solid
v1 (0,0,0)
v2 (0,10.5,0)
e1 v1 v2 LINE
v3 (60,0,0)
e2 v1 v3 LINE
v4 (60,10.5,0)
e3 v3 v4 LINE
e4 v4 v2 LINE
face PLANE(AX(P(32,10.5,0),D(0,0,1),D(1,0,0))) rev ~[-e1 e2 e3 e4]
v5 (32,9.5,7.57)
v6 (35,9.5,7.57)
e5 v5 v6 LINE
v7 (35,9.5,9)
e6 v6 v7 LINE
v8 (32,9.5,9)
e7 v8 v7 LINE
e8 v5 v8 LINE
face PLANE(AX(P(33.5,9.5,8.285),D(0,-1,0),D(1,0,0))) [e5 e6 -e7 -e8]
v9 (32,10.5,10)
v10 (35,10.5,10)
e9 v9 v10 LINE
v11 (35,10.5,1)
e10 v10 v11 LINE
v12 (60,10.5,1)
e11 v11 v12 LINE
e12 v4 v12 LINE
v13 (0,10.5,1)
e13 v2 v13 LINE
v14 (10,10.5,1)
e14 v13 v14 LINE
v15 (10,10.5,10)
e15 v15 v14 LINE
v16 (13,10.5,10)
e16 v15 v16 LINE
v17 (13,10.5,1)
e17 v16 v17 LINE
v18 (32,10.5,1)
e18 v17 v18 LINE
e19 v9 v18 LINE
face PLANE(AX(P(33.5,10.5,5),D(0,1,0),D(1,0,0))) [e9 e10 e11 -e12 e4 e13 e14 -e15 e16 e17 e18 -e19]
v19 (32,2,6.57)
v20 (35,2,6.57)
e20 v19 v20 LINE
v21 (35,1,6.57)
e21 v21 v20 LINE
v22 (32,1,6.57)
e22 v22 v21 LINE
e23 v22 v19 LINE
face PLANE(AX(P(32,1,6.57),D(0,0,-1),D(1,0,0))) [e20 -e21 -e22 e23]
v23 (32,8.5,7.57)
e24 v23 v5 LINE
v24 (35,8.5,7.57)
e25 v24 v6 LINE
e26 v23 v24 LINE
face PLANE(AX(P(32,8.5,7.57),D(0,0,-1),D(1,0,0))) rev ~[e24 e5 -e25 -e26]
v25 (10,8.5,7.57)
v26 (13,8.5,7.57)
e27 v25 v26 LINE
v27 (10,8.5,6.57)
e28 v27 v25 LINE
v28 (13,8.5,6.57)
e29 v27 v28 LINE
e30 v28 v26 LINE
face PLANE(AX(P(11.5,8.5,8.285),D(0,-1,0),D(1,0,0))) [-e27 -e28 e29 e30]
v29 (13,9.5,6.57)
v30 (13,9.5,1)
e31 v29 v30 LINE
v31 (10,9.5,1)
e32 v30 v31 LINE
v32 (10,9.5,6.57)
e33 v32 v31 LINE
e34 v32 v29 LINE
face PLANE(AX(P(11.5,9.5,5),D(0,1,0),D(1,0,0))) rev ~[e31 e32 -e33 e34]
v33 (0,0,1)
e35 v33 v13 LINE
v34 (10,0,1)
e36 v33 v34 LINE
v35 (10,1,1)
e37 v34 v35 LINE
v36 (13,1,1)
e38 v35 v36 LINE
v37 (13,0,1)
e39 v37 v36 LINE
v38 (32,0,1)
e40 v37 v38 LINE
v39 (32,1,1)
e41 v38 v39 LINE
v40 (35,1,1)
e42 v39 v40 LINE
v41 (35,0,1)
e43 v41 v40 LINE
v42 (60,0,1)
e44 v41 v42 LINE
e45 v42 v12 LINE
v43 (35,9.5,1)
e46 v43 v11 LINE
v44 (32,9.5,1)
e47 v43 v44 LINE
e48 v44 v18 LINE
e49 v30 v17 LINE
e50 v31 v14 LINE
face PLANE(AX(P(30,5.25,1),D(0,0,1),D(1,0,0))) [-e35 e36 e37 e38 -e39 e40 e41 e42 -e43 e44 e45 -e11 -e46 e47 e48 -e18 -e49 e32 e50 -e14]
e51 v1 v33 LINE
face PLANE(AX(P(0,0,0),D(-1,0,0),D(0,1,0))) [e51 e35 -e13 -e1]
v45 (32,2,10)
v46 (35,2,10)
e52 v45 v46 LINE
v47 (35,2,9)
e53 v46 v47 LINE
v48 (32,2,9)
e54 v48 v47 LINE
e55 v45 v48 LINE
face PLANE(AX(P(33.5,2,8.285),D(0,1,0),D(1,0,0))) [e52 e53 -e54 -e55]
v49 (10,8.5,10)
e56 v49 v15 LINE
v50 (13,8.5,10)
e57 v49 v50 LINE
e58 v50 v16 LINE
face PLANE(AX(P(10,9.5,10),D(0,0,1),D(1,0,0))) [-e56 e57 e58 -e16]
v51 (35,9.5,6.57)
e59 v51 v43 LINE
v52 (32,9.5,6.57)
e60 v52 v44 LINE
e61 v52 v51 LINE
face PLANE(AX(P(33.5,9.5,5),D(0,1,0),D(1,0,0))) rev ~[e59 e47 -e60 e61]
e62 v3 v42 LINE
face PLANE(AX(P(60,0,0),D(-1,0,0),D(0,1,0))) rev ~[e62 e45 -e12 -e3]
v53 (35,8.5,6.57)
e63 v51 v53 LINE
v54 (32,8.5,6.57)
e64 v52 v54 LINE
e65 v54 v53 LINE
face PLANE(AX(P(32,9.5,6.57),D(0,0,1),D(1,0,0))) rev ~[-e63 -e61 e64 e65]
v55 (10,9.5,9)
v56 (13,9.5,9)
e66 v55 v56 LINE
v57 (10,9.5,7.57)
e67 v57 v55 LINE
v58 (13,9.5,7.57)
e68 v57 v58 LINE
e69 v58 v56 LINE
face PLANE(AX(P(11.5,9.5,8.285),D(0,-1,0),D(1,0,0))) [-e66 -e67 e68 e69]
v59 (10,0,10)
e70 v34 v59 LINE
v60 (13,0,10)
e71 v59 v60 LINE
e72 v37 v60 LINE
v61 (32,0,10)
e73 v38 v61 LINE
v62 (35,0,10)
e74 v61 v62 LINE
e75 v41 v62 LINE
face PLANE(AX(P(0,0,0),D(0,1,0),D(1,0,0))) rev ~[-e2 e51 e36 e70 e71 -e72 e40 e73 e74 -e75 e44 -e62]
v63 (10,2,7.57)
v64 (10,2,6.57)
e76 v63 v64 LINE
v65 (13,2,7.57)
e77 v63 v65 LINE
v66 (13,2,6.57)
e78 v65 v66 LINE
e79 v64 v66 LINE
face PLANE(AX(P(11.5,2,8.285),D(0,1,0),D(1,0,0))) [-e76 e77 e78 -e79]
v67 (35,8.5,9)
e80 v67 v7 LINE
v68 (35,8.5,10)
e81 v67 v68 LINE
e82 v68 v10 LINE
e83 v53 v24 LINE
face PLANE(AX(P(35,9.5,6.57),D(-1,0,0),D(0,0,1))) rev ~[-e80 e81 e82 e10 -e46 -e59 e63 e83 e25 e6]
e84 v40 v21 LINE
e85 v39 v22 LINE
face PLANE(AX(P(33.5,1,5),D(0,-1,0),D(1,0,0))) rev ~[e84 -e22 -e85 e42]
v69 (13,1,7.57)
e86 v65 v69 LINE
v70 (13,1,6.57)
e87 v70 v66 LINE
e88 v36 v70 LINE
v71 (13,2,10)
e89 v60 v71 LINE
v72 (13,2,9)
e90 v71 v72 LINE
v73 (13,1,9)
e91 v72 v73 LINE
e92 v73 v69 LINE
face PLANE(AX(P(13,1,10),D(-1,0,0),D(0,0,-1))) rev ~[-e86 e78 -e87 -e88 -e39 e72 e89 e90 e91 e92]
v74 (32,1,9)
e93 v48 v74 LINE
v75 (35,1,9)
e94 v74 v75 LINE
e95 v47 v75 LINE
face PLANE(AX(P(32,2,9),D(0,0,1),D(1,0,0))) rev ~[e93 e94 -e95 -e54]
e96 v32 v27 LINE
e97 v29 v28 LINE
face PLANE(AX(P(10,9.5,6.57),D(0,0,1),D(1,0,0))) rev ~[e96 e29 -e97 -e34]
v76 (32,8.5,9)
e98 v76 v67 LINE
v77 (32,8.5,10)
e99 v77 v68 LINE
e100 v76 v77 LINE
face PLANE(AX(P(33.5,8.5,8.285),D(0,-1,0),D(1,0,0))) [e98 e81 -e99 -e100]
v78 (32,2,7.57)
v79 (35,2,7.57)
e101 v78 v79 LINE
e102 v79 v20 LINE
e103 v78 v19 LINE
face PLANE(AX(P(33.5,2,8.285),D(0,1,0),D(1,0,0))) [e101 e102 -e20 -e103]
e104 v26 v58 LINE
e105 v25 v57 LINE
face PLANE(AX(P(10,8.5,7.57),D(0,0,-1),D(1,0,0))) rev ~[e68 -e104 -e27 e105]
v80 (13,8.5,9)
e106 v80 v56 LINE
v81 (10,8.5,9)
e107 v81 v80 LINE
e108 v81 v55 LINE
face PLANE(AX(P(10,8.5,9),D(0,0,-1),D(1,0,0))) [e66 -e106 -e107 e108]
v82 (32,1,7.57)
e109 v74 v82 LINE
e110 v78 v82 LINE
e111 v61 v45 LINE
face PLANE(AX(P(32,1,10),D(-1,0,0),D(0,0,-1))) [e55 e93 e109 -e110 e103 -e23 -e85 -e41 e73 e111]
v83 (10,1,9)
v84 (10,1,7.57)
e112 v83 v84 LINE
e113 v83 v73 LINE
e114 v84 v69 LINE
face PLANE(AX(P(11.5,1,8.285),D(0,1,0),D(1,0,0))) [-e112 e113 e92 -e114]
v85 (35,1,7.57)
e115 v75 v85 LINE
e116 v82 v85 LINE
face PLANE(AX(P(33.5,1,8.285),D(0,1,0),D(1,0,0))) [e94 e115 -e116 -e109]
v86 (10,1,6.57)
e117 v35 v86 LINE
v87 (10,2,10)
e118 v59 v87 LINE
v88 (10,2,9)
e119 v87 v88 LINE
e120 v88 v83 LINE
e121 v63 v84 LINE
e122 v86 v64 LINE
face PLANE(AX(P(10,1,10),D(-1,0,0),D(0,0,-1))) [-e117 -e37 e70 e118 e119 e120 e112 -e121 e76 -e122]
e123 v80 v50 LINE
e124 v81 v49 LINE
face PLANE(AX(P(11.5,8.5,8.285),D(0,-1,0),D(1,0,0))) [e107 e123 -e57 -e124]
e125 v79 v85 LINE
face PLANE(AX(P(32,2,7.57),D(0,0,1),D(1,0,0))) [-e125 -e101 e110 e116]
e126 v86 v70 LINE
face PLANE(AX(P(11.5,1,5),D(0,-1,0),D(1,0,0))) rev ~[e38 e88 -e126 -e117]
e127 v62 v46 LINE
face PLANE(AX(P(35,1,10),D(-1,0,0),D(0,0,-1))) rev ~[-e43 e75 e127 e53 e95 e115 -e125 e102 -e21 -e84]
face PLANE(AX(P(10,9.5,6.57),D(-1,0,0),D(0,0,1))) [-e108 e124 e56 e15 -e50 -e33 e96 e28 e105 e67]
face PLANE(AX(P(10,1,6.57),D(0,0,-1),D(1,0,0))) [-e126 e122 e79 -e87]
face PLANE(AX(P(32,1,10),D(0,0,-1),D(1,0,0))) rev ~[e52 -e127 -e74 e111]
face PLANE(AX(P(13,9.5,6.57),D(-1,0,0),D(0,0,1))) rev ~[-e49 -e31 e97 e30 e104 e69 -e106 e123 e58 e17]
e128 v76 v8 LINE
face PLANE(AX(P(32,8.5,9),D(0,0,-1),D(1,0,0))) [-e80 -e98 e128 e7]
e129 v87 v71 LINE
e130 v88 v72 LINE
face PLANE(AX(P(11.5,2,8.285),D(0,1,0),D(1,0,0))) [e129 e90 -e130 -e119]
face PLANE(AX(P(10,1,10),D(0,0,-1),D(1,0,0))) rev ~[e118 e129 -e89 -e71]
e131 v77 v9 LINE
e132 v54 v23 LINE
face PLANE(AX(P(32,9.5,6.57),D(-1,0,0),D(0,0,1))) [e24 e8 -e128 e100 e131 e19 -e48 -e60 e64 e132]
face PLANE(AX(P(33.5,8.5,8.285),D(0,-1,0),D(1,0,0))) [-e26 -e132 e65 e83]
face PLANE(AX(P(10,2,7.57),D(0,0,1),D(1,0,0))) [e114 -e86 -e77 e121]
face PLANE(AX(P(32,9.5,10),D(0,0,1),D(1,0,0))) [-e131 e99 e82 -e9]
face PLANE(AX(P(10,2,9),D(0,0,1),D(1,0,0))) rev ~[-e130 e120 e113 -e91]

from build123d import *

# Parameters (mm, degrees)
SKETCH1_W           = 60
SKETCH1_H           = 10.5
BOSS_EXTRUDE1_DEPTH = 1
SKETCH2_W           = 3
SKETCH2_H           = 10
BOSS_EXTRUDE2_DEPTH = 1
SKETCH3_W           = 3
SKETCH3_H           = 3.43
BOSS_EXTRUDE3_DEPTH = 1
SKETCH4_W           = 3
SKETCH4_H           = 1.43
CUT_EXTRUDE1_DEPTH  = 1
SKETCH6_W           = 3
SKETCH6_H           = 10
BOSS_EXTRUDE4_DEPTH = 1
SKETCH7_W           = 3
SKETCH7_H           = 3.43
BOSS_EXTRUDE5_DEPTH = 1
SKETCH8_W           = 3
SKETCH8_H           = 1.43
CUT_EXTRUDE2_DEPTH  = 1
SKETCH9_W           = 3
SKETCH9_H           = 10
BOSS_EXTRUDE6_DEPTH = 1
SKETCH10_W          = 3
SKETCH10_H          = 3.43
BOSS_EXTRUDE7_DEPTH = 1
SKETCH11_W          = 3
SKETCH11_H          = 1.43
CUT_EXTRUDE3_DEPTH  = 1
SKETCH12_W          = 3
SKETCH12_H          = 10
BOSS_EXTRUDE8_DEPTH = 1
SKETCH13_W          = 3
SKETCH13_H          = 3.43
BOSS_EXTRUDE9_DEPTH = 1
SKETCH14_W          = 3
SKETCH14_H          = 1.43
CUT_EXTRUDE4_DEPTH  = 1


with BuildPart() as part:
    # Sketch1 → Boss-Extrude1 (new body)
    with BuildSketch(Plane.XY):
        with Locations((30, 5.25)):
            Rectangle(SKETCH1_W, SKETCH1_H)
    extrude(amount=BOSS_EXTRUDE1_DEPTH)

    # Sketch2 → Boss-Extrude2 (add)
    with BuildSketch(Plane.XZ):
        with Locations((11.5, 5)):
            Rectangle(SKETCH2_W, SKETCH2_H)
    extrude(amount=-BOSS_EXTRUDE2_DEPTH)

    # Sketch3 → Boss-Extrude3 (add)
    with BuildSketch(Plane(origin=(0, 1, 0), x_dir=(1, 0, 0), z_dir=(0, 1, 0))):
        with Locations((11.5, -8.285)):
            Rectangle(SKETCH3_W, SKETCH3_H)
    extrude(amount=BOSS_EXTRUDE3_DEPTH)

    # Sketch4 → Cut-Extrude1 (cut)
    with BuildSketch(Plane(origin=(0, 2, 0), x_dir=(1, 0, 0), z_dir=(0, 1, 0))):
        with Locations((11.5, -8.285)):
            Rectangle(SKETCH4_W, SKETCH4_H)
    extrude(amount=-CUT_EXTRUDE1_DEPTH, mode=Mode.SUBTRACT)

    # Sketch6 → Boss-Extrude4 (add)
    with BuildSketch(Plane(origin=(0, 10.5, 0), x_dir=(1, 0, 0), z_dir=(0, 1, 0))):
        with Locations((11.5, -5)):
            Rectangle(SKETCH6_W, SKETCH6_H)
    extrude(amount=-BOSS_EXTRUDE4_DEPTH)

    # Sketch7 → Boss-Extrude5 (add)
    with BuildSketch(Plane.XZ.offset(-9.5)):
        with Locations((11.5, 8.285)):
            Rectangle(SKETCH7_W, SKETCH7_H)
    extrude(amount=BOSS_EXTRUDE5_DEPTH)

    # Sketch8 → Cut-Extrude2 (cut)
    with BuildSketch(Plane.XZ.offset(-8.5)):
        with Locations((11.5, 8.285)):
            Rectangle(SKETCH8_W, SKETCH8_H)
    extrude(amount=-CUT_EXTRUDE2_DEPTH, mode=Mode.SUBTRACT)

    # Sketch9 → Boss-Extrude6 (add)
    with BuildSketch(Plane.XZ):
        with Locations((33.5, 5)):
            Rectangle(SKETCH9_W, SKETCH9_H)
    extrude(amount=-BOSS_EXTRUDE6_DEPTH)

    # Sketch10 → Boss-Extrude7 (add)
    with BuildSketch(Plane(origin=(0, 1, 0), x_dir=(1, 0, 0), z_dir=(0, 1, 0))):
        with Locations((33.5, -8.285)):
            Rectangle(SKETCH10_W, SKETCH10_H)
    extrude(amount=BOSS_EXTRUDE7_DEPTH)

    # Sketch11 → Cut-Extrude3 (cut)
    with BuildSketch(Plane(origin=(0, 2, 0), x_dir=(1, 0, 0), z_dir=(0, 1, 0))):
        with Locations((33.5, -8.285)):
            Rectangle(SKETCH11_W, SKETCH11_H)
    extrude(amount=-CUT_EXTRUDE3_DEPTH, mode=Mode.SUBTRACT)

    # Sketch12 → Boss-Extrude8 (add)
    with BuildSketch(Plane(origin=(0, 10.5, 0), x_dir=(1, 0, 0), z_dir=(0, 1, 0))):
        with Locations((33.5, -5)):
            Rectangle(SKETCH12_W, SKETCH12_H)
    extrude(amount=-BOSS_EXTRUDE8_DEPTH)

    # Sketch13 → Boss-Extrude9 (add)
    with BuildSketch(Plane.XZ.offset(-9.5)):
        with Locations((33.5, 8.285)):
            Rectangle(SKETCH13_W, SKETCH13_H)
    extrude(amount=BOSS_EXTRUDE9_DEPTH)

    # Sketch14 → Cut-Extrude4 (cut)
    with BuildSketch(Plane.XZ.offset(-8.5)):
        with Locations((33.5, 8.285)):
            Rectangle(SKETCH14_W, SKETCH14_H)
    extrude(amount=-CUT_EXTRUDE4_DEPTH, mode=Mode.SUBTRACT)


solid = part.part
